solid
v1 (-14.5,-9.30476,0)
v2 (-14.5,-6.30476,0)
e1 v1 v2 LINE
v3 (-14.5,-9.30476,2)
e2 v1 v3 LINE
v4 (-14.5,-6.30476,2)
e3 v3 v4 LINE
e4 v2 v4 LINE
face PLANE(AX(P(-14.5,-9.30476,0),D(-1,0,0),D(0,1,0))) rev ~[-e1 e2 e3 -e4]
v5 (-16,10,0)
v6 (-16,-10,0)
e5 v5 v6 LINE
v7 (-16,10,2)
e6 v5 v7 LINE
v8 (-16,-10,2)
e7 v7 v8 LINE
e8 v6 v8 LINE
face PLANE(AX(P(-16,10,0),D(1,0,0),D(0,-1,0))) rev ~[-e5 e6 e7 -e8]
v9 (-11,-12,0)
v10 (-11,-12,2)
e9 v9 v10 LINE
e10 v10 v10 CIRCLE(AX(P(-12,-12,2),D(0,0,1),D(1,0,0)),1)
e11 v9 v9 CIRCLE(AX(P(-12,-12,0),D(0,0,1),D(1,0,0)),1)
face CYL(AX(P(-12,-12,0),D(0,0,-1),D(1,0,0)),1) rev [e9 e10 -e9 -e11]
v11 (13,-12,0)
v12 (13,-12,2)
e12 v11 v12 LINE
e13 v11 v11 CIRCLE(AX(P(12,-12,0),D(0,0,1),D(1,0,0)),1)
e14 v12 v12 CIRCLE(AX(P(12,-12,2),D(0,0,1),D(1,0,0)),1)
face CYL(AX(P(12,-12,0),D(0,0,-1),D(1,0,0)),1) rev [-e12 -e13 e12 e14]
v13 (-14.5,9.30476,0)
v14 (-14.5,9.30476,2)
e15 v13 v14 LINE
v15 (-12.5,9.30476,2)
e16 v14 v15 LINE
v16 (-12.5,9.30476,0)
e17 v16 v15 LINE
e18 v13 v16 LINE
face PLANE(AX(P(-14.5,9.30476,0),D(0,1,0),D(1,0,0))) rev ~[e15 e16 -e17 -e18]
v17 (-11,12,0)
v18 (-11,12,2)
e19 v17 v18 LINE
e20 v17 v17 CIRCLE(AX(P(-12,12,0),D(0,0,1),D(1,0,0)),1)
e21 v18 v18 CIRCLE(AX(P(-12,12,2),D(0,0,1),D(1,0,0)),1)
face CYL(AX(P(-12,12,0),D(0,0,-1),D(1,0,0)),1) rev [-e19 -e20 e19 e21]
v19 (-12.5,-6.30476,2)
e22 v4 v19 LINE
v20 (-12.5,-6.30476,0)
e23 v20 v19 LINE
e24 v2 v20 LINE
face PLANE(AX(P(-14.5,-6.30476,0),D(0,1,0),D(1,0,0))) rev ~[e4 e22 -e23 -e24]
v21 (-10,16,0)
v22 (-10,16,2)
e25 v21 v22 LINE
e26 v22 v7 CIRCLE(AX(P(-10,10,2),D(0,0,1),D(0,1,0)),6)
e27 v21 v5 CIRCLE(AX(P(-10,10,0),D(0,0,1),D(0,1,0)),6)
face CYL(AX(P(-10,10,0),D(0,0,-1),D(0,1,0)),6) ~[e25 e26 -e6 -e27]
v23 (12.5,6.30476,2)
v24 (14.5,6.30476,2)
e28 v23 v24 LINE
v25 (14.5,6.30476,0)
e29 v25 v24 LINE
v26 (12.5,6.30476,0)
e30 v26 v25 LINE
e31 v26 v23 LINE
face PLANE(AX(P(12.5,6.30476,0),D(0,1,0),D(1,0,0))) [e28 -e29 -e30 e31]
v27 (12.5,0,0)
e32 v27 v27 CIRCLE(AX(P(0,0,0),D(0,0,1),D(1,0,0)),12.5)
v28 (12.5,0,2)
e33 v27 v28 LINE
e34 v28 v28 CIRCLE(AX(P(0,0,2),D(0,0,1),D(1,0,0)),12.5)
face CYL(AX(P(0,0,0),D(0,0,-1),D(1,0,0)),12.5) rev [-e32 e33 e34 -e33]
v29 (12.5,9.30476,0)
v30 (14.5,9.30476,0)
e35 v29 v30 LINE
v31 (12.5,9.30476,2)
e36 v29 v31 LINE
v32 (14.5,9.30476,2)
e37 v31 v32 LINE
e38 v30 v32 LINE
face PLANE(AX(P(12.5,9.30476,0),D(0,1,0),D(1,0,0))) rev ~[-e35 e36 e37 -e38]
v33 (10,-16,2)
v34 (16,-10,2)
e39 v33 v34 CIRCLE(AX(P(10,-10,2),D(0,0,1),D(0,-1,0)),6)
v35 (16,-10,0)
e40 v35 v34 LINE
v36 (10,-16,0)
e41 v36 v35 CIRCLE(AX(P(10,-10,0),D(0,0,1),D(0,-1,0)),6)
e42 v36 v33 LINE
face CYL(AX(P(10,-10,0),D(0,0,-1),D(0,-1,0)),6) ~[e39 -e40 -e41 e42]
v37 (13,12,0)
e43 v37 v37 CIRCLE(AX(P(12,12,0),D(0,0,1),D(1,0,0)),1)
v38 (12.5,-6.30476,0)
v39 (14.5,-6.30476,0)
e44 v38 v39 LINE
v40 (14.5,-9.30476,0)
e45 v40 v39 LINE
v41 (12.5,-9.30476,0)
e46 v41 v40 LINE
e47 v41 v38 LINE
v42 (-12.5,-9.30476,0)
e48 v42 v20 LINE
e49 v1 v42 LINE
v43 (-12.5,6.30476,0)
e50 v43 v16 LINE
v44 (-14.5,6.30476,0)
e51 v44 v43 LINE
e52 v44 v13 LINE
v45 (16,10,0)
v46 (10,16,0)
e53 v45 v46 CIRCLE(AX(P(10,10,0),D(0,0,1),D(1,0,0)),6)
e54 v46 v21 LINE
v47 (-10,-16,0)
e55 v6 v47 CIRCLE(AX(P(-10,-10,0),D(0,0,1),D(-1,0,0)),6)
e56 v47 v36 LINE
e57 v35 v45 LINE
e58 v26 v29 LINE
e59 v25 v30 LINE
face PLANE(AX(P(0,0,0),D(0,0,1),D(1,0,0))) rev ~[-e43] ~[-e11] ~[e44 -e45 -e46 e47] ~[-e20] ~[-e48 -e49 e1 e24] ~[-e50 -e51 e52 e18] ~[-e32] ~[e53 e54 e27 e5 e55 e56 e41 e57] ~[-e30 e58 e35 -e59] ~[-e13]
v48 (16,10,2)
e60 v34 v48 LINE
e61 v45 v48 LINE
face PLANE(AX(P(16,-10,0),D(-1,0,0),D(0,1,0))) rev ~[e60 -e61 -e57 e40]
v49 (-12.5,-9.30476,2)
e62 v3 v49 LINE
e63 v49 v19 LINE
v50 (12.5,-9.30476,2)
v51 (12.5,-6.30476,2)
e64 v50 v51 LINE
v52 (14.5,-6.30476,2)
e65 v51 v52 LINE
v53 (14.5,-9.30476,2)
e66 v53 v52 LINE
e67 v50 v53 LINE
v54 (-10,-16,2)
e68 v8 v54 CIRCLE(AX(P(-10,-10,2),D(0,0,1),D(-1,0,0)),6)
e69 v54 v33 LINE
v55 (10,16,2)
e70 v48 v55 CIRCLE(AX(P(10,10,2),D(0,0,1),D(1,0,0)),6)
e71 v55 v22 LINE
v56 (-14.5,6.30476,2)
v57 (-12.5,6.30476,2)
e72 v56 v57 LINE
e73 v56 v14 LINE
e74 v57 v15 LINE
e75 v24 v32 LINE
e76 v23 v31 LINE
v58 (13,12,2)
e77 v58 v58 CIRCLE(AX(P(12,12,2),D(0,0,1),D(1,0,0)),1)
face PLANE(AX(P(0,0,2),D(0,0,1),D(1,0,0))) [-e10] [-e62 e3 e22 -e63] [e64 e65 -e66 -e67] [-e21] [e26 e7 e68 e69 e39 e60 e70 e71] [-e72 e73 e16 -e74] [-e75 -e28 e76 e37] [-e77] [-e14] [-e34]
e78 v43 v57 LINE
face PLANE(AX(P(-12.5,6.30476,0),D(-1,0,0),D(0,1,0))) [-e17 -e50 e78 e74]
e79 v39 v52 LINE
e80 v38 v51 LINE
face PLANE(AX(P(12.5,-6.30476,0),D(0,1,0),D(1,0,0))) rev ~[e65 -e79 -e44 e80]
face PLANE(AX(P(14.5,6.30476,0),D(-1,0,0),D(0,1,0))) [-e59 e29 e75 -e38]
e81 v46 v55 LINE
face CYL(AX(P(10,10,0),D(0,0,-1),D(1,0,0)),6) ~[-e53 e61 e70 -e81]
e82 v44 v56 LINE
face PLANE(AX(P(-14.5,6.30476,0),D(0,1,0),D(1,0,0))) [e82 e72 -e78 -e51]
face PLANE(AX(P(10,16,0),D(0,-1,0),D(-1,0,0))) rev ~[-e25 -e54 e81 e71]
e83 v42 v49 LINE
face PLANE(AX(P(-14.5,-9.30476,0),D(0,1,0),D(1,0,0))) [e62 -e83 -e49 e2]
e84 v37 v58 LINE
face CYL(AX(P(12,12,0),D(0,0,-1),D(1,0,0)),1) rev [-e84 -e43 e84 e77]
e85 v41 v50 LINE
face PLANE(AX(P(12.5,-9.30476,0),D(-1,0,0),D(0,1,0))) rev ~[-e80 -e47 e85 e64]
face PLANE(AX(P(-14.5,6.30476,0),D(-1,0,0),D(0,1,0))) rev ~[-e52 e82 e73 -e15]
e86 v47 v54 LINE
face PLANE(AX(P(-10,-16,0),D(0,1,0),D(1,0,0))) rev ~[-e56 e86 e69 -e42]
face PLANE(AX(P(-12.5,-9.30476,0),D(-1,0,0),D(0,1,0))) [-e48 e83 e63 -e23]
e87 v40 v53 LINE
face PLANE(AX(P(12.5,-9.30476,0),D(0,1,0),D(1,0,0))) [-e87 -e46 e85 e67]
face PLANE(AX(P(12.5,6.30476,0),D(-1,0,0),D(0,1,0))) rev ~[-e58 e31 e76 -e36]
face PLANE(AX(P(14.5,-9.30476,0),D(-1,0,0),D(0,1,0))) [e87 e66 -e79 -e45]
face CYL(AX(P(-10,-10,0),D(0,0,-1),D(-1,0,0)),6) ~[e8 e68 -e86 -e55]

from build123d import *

# Parameters (mm, degrees)
F0_R     = 1
F0_W     = 2
F0_H     = 3
F0_R_2   = 12.5
F1_DEPTH = 2
F2_DEPTH = 2


with BuildPart() as f1:
    # F0 (on Top) → F1 (new body)
    with BuildSketch(Plane.XY):
        with BuildLine():
            Line((10, 16), (-10, 16))
            ThreePointArc((-10, 16), (-14.2426406871, 14.2426406871), (-16, 10))
            Line((-16, 10), (-16, -10))
            ThreePointArc((-16, -10), (-14.2426406871, -14.2426406871), (-10, -16))
            Line((-10, -16), (10, -16))
            ThreePointArc((10, -16), (14.2426406871, -14.2426406871), (16, -10))
            Line((16, -10), (16, 10))
            ThreePointArc((16, 10), (14.2426406871, 14.2426406871), (10, 16))
        make_face()
        with Locations((-12, -12)):
            Circle(F0_R, mode=Mode.SUBTRACT)
        with Locations((-13.5, -7.8047601065)):
            Rectangle(F0_W, F0_H, mode=Mode.SUBTRACT)
        with Locations((12, -12)):
            Circle(F0_R, mode=Mode.SUBTRACT)
        with Locations((13.5, -7.8047601065)):
            Rectangle(F0_W, F0_H, mode=Mode.SUBTRACT)
        with Locations((-13.5, 7.8047601065)):
            Rectangle(F0_W, F0_H, mode=Mode.SUBTRACT)
        with Locations((-12, 12)):
            Circle(F0_R, mode=Mode.SUBTRACT)
        Circle(F0_R_2, mode=Mode.SUBTRACT)
        with Locations((13.5, 7.8047601065)):
            Rectangle(F0_W, F0_H, mode=Mode.SUBTRACT)
        with Locations((12, 12)):
            Circle(F0_R, mode=Mode.SUBTRACT)
    extrude(amount=F1_DEPTH)

    # F0 (on Top) → F2 (join)
    with BuildSketch(Plane.XY):
        with BuildLine():
            Line((10, 16), (-10, 16))
            ThreePointArc((-10, 16), (-14.2426406871, 14.2426406871), (-16, 10))
            Line((-16, 10), (-16, -10))
            ThreePointArc((-16, -10), (-14.2426406871, -14.2426406871), (-10, -16))
            Line((-10, -16), (10, -16))
            ThreePointArc((10, -16), (14.2426406871, -14.2426406871), (16, -10))
            Line((16, -10), (16, 10))
            ThreePointArc((16, 10), (14.2426406871, 14.2426406871), (10, 16))
        make_face()
        with Locations((-12, -12)):
            Circle(F0_R, mode=Mode.SUBTRACT)
        with Locations((-13.5, -7.8047601065)):
            Rectangle(F0_W, F0_H, mode=Mode.SUBTRACT)
        with Locations((12, -12)):
            Circle(F0_R, mode=Mode.SUBTRACT)
        with Locations((13.5, -7.8047601065)):
            Rectangle(F0_W, F0_H, mode=Mode.SUBTRACT)
        with Locations((-13.5, 7.8047601065)):
            Rectangle(F0_W, F0_H, mode=Mode.SUBTRACT)
        with Locations((-12, 12)):
            Circle(F0_R, mode=Mode.SUBTRACT)
        Circle(F0_R_2, mode=Mode.SUBTRACT)
        with Locations((13.5, 7.8047601065)):
            Rectangle(F0_W, F0_H, mode=Mode.SUBTRACT)
        with Locations((12, 12)):
            Circle(F0_R, mode=Mode.SUBTRACT)
    extrude(amount=F2_DEPTH)


solid = f1.part
